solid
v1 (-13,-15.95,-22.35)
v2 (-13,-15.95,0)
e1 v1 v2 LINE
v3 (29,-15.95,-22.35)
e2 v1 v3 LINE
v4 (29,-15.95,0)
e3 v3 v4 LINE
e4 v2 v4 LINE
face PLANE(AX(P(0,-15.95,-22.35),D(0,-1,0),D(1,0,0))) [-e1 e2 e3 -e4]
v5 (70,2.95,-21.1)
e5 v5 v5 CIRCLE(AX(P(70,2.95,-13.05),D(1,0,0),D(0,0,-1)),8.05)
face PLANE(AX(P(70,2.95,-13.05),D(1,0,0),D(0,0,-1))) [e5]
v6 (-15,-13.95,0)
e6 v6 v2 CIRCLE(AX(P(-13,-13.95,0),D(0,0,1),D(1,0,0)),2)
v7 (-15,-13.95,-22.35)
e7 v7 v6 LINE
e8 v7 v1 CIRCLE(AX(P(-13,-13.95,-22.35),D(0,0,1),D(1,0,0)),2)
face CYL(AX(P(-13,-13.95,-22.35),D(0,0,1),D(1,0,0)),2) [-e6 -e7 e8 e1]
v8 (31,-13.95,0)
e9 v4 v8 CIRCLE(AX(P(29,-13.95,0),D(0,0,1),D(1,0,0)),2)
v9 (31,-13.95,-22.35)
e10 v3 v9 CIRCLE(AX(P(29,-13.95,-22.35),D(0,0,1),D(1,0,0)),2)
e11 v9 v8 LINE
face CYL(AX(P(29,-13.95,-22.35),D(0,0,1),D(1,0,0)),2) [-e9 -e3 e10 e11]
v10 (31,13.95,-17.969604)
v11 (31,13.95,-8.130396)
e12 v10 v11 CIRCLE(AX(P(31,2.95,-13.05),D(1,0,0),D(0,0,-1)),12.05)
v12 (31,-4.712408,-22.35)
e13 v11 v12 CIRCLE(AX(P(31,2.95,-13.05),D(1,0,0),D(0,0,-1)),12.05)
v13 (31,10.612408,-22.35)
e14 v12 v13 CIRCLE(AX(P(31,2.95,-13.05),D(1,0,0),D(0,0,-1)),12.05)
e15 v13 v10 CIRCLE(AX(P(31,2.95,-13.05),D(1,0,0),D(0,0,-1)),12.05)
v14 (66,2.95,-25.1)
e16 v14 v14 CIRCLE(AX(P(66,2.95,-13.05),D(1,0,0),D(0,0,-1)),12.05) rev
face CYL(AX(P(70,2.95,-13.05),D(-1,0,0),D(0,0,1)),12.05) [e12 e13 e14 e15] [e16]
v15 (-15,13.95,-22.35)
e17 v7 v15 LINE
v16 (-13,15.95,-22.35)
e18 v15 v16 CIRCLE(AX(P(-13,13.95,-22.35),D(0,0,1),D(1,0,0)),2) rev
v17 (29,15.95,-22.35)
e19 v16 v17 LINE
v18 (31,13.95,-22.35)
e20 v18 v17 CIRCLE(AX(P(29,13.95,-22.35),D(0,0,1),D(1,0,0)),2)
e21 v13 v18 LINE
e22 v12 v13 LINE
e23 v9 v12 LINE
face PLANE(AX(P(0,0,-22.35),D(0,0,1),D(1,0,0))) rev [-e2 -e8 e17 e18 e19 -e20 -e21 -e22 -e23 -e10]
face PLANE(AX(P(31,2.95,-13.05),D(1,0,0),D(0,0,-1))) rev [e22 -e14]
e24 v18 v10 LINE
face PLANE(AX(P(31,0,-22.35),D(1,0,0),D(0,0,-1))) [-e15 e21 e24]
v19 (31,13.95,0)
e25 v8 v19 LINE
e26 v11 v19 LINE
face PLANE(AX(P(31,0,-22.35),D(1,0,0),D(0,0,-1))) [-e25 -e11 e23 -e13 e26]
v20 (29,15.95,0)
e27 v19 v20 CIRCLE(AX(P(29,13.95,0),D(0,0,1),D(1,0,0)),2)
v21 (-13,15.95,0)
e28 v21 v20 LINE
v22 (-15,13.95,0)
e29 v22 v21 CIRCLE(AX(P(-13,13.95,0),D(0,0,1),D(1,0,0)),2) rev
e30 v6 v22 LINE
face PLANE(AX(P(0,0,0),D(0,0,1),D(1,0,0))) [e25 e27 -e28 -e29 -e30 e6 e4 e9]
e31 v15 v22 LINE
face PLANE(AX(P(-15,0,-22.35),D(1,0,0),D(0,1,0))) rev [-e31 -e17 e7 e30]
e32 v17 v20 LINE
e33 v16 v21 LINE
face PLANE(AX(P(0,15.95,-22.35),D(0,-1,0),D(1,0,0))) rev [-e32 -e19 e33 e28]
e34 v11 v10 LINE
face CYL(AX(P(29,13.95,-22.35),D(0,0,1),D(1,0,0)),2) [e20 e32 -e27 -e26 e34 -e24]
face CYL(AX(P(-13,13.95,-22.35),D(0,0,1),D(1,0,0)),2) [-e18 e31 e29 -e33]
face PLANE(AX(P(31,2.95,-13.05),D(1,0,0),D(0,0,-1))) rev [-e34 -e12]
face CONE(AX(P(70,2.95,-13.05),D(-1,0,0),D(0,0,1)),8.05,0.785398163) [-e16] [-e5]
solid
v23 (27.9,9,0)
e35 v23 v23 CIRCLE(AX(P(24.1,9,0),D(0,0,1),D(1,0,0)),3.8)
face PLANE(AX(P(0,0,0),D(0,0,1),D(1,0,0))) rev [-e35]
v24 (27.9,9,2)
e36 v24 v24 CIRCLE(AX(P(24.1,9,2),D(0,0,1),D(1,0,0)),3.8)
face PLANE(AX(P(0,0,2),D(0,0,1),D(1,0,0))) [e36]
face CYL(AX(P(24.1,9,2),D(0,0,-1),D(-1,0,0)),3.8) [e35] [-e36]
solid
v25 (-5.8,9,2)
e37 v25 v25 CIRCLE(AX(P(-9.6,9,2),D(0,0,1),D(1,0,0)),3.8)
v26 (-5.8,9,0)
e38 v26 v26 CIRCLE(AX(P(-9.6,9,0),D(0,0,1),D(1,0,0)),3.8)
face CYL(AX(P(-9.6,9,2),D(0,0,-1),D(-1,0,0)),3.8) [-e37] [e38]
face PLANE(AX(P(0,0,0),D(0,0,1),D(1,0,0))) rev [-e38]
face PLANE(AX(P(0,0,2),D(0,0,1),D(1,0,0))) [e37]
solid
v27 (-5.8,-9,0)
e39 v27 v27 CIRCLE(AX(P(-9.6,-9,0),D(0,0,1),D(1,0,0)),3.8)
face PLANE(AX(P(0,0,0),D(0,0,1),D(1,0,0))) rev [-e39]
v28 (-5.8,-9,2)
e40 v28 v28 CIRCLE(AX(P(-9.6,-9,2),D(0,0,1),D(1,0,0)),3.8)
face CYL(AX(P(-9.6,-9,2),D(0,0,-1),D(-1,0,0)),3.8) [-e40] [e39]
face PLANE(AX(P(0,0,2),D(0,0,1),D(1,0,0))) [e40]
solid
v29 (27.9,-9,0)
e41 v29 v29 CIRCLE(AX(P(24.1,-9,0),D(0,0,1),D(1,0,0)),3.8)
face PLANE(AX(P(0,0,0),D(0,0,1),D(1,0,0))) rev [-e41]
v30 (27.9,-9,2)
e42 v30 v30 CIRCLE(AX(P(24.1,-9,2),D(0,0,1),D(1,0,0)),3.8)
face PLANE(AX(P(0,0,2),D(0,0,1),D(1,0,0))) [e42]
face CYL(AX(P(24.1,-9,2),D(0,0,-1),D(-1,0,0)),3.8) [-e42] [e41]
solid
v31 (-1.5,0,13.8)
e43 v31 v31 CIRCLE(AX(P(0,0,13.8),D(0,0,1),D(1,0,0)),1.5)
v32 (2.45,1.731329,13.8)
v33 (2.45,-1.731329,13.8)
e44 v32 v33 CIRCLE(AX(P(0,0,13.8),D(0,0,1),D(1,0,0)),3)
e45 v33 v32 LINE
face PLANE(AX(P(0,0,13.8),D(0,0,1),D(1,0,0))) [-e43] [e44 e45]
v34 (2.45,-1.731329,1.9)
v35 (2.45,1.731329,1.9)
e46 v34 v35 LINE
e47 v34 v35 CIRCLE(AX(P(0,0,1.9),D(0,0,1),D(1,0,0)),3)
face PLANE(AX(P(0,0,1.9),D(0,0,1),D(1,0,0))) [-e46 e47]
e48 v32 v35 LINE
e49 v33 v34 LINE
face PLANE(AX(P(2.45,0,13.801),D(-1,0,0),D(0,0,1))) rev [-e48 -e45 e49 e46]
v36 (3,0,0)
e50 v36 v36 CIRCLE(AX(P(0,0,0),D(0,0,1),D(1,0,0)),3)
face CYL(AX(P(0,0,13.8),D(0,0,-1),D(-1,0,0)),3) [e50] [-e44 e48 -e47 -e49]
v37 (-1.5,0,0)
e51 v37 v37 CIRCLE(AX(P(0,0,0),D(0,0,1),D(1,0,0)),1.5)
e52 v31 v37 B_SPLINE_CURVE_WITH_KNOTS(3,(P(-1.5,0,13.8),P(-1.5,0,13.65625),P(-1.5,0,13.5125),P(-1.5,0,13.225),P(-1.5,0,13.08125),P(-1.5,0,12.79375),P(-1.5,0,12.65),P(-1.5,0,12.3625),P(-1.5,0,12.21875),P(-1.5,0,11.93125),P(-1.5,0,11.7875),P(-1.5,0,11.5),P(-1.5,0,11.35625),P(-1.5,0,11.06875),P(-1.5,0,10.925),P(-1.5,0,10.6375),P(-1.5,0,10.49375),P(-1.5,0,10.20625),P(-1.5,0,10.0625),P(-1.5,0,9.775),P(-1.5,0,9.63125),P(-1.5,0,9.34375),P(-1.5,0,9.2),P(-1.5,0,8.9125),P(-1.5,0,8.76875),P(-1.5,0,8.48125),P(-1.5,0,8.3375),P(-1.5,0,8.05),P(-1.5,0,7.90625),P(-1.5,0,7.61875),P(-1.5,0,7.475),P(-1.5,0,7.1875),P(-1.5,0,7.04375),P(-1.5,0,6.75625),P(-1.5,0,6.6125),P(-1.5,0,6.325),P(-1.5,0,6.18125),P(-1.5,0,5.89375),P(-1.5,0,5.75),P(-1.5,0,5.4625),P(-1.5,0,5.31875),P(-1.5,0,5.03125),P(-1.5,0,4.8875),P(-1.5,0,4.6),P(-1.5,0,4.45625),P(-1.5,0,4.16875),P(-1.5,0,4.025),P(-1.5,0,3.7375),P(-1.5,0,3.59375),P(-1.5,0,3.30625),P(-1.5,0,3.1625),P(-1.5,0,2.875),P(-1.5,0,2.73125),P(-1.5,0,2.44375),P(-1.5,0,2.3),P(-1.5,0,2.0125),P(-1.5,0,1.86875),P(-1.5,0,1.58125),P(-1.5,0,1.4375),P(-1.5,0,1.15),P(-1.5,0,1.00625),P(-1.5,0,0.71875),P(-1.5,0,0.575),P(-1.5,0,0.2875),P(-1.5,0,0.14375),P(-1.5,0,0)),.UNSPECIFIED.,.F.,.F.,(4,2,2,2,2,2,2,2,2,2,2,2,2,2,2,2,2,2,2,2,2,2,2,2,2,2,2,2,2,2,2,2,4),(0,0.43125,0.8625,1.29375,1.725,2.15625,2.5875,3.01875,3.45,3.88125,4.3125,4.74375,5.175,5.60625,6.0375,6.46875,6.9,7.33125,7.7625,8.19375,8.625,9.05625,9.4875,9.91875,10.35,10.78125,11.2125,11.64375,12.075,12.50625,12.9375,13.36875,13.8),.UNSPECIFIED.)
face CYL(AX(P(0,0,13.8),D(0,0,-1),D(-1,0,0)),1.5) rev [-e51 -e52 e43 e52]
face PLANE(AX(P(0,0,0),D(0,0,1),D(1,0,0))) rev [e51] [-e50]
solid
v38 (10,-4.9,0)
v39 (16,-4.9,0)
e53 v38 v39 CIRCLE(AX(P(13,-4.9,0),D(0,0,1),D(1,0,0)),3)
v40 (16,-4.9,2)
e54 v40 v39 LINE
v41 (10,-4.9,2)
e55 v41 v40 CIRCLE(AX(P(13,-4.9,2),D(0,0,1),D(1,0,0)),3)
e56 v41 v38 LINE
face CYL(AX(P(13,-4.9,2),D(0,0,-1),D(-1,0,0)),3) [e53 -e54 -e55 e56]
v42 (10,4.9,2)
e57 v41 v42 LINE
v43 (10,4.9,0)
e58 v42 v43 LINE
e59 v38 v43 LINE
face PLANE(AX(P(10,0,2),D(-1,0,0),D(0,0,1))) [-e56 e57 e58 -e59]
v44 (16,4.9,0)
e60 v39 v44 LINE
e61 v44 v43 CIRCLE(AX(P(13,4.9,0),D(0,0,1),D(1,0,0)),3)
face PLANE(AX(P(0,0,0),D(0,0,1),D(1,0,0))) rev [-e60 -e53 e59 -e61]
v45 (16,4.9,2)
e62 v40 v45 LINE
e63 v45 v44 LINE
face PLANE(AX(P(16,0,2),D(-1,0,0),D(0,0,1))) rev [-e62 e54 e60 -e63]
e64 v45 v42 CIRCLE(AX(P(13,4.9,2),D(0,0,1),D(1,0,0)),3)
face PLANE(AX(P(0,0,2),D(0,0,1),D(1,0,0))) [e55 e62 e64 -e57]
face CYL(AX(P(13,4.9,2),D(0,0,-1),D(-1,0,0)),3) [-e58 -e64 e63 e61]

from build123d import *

# Parameters (mm, degrees)
SKETCH1_R             = 3
SKETCH1_R_2           = 1.5
BOSS_EXTRUDE1_DEPTH   = 13.8
CUT_EXTRUDE1_REACH    = 18.337
CUT_EXTRUDE1_START    = 1.9
BOSS_EXTRUDE2_DEPTH   = 2
SKETCH1_5_R           = 3.8
BOSS_EXTRUDE2_2_DEPTH = 2
BOSS_EXTRUDE2_3_DEPTH = 2
BOSS_EXTRUDE2_4_DEPTH = 2
BOSS_EXTRUDE2_5_DEPTH = 2
BOSS_EXTRUDE3_DEPTH   = 22.35
SKETCH2_R             = 12.05
BOSS_EXTRUDE4_DEPTH   = 39
CHAMFER1_SIZE         = 4


with BuildPart() as part:
    # Sketch1 → Boss-Extrude1 (new body)
    with BuildSketch(Plane(origin=(0, 0, 0), x_dir=(0, 1, 0), z_dir=(0, 0, 1))):
        Circle(SKETCH1_R)
        Circle(SKETCH1_R_2, mode=Mode.SUBTRACT)
    extrude(amount=BOSS_EXTRUDE1_DEPTH)

    # Sketch1<4> → Cut-Extrude1 (cut, up to next)
    with BuildSketch(Plane(origin=(0, 0, 0), x_dir=(0, 1, 0), z_dir=(0, 0, 1)).offset(CUT_EXTRUDE1_START), mode=Mode.PRIVATE) as cut_extrude1_sk1:
        with BuildLine():
            Line((1.731328969, -2.45), (-1.731328969, -2.45))
            ThreePointArc((-1.731328969, -2.45), (0, -3), (1.731328969, -2.45))
        make_face()
    cut_extrude1_tool1 = extrude(cut_extrude1_sk1.sketch, amount=CUT_EXTRUDE1_REACH, mode=Mode.PRIVATE) & part.part
    add(cut_extrude1_tool1.solids().sort_by_distance((2.671826, 0, 1.9))[0], mode=Mode.SUBTRACT)


with BuildPart() as body_2:
    # Sketch1<5> → Boss-Extrude2 (new body)
    with BuildSketch(Plane(origin=(0, 0, 0), x_dir=(0, 1, 0), z_dir=(0, 0, 1))):
        with BuildLine():
            Line((4.9, -10), (-4.9, -10))
            ThreePointArc((-4.9, -10), (-7.9, -13), (-4.9, -16))
            Line((-4.9, -16), (4.9, -16))
            ThreePointArc((4.9, -16), (7.9, -13), (4.9, -10))
        make_face()
    extrude(amount=BOSS_EXTRUDE2_DEPTH)


with BuildPart() as body_3:
    # Sketch1<5> → Boss-Extrude2 2 (new body)
    with BuildSketch(Plane(origin=(0, 0, 0), x_dir=(0, 1, 0), z_dir=(0, 0, 1))):
        with Locations((-9, 9.6)):
            Circle(SKETCH1_5_R)
    extrude(amount=BOSS_EXTRUDE2_2_DEPTH)


with BuildPart() as body_4:
    # Sketch1<5> → Boss-Extrude2 3 (new body)
    with BuildSketch(Plane(origin=(0, 0, 0), x_dir=(0, 1, 0), z_dir=(0, 0, 1))):
        with Locations((9, 9.6)):
            Circle(SKETCH1_5_R)
    extrude(amount=BOSS_EXTRUDE2_3_DEPTH)


with BuildPart() as body_5:
    # Sketch1<5> → Boss-Extrude2 4 (new body)
    with BuildSketch(Plane(origin=(0, 0, 0), x_dir=(0, 1, 0), z_dir=(0, 0, 1))):
        with Locations((-9, -24.1)):
            Circle(SKETCH1_5_R)
    extrude(amount=BOSS_EXTRUDE2_4_DEPTH)


with BuildPart() as body_6:
    # Sketch1<5> → Boss-Extrude2 5 (new body)
    with BuildSketch(Plane(origin=(0, 0, 0), x_dir=(0, 1, 0), z_dir=(0, 0, 1))):
        with Locations((9, -24.1)):
            Circle(SKETCH1_5_R)
    extrude(amount=BOSS_EXTRUDE2_5_DEPTH)


with BuildPart() as body_7:
    # Sketch1<6> → Boss-Extrude3 (new body)
    with BuildSketch(Plane(origin=(0, 0, 0), x_dir=(0, 1, 0), z_dir=(0, 0, 1))):
        with BuildLine():
            Line((13.95, 15), (-13.95, 15))
            ThreePointArc((-13.95, 15), (-15.364213562, 14.414213562), (-15.95, 13))
            Line((-15.95, 13), (-15.95, -29))
            ThreePointArc((-15.95, -29), (-15.364213562, -30.414213562), (-13.95, -31))
            Line((-13.95, -31), (13.95, -31))
            ThreePointArc((13.95, -31), (15.364213562, -30.414213562), (15.95, -29))
            Line((15.95, -29), (15.95, 13))
            ThreePointArc((15.95, 13), (15.364213562, 14.414213562), (13.95, 15))
        make_face()
    extrude(amount=-BOSS_EXTRUDE3_DEPTH)

    # Sketch2 → Boss-Extrude4 (add)
    with BuildSketch(Plane.YZ.offset(31)):
        with Locations((2.95, -13.05)):
            Circle(SKETCH2_R)
    extrude(amount=BOSS_EXTRUDE4_DEPTH)

    # Chamfer1
    chamfer1_edges = [body_7.edges().sort_by_distance(p)[0] for p in [
        (70, -9.1, -13.05),
    ]]
    chamfer(chamfer1_edges, length=CHAMFER1_SIZE)


solid = Compound([part.part, body_2.part, body_3.part, body_4.part, body_5.part, body_6.part, body_7.part])
